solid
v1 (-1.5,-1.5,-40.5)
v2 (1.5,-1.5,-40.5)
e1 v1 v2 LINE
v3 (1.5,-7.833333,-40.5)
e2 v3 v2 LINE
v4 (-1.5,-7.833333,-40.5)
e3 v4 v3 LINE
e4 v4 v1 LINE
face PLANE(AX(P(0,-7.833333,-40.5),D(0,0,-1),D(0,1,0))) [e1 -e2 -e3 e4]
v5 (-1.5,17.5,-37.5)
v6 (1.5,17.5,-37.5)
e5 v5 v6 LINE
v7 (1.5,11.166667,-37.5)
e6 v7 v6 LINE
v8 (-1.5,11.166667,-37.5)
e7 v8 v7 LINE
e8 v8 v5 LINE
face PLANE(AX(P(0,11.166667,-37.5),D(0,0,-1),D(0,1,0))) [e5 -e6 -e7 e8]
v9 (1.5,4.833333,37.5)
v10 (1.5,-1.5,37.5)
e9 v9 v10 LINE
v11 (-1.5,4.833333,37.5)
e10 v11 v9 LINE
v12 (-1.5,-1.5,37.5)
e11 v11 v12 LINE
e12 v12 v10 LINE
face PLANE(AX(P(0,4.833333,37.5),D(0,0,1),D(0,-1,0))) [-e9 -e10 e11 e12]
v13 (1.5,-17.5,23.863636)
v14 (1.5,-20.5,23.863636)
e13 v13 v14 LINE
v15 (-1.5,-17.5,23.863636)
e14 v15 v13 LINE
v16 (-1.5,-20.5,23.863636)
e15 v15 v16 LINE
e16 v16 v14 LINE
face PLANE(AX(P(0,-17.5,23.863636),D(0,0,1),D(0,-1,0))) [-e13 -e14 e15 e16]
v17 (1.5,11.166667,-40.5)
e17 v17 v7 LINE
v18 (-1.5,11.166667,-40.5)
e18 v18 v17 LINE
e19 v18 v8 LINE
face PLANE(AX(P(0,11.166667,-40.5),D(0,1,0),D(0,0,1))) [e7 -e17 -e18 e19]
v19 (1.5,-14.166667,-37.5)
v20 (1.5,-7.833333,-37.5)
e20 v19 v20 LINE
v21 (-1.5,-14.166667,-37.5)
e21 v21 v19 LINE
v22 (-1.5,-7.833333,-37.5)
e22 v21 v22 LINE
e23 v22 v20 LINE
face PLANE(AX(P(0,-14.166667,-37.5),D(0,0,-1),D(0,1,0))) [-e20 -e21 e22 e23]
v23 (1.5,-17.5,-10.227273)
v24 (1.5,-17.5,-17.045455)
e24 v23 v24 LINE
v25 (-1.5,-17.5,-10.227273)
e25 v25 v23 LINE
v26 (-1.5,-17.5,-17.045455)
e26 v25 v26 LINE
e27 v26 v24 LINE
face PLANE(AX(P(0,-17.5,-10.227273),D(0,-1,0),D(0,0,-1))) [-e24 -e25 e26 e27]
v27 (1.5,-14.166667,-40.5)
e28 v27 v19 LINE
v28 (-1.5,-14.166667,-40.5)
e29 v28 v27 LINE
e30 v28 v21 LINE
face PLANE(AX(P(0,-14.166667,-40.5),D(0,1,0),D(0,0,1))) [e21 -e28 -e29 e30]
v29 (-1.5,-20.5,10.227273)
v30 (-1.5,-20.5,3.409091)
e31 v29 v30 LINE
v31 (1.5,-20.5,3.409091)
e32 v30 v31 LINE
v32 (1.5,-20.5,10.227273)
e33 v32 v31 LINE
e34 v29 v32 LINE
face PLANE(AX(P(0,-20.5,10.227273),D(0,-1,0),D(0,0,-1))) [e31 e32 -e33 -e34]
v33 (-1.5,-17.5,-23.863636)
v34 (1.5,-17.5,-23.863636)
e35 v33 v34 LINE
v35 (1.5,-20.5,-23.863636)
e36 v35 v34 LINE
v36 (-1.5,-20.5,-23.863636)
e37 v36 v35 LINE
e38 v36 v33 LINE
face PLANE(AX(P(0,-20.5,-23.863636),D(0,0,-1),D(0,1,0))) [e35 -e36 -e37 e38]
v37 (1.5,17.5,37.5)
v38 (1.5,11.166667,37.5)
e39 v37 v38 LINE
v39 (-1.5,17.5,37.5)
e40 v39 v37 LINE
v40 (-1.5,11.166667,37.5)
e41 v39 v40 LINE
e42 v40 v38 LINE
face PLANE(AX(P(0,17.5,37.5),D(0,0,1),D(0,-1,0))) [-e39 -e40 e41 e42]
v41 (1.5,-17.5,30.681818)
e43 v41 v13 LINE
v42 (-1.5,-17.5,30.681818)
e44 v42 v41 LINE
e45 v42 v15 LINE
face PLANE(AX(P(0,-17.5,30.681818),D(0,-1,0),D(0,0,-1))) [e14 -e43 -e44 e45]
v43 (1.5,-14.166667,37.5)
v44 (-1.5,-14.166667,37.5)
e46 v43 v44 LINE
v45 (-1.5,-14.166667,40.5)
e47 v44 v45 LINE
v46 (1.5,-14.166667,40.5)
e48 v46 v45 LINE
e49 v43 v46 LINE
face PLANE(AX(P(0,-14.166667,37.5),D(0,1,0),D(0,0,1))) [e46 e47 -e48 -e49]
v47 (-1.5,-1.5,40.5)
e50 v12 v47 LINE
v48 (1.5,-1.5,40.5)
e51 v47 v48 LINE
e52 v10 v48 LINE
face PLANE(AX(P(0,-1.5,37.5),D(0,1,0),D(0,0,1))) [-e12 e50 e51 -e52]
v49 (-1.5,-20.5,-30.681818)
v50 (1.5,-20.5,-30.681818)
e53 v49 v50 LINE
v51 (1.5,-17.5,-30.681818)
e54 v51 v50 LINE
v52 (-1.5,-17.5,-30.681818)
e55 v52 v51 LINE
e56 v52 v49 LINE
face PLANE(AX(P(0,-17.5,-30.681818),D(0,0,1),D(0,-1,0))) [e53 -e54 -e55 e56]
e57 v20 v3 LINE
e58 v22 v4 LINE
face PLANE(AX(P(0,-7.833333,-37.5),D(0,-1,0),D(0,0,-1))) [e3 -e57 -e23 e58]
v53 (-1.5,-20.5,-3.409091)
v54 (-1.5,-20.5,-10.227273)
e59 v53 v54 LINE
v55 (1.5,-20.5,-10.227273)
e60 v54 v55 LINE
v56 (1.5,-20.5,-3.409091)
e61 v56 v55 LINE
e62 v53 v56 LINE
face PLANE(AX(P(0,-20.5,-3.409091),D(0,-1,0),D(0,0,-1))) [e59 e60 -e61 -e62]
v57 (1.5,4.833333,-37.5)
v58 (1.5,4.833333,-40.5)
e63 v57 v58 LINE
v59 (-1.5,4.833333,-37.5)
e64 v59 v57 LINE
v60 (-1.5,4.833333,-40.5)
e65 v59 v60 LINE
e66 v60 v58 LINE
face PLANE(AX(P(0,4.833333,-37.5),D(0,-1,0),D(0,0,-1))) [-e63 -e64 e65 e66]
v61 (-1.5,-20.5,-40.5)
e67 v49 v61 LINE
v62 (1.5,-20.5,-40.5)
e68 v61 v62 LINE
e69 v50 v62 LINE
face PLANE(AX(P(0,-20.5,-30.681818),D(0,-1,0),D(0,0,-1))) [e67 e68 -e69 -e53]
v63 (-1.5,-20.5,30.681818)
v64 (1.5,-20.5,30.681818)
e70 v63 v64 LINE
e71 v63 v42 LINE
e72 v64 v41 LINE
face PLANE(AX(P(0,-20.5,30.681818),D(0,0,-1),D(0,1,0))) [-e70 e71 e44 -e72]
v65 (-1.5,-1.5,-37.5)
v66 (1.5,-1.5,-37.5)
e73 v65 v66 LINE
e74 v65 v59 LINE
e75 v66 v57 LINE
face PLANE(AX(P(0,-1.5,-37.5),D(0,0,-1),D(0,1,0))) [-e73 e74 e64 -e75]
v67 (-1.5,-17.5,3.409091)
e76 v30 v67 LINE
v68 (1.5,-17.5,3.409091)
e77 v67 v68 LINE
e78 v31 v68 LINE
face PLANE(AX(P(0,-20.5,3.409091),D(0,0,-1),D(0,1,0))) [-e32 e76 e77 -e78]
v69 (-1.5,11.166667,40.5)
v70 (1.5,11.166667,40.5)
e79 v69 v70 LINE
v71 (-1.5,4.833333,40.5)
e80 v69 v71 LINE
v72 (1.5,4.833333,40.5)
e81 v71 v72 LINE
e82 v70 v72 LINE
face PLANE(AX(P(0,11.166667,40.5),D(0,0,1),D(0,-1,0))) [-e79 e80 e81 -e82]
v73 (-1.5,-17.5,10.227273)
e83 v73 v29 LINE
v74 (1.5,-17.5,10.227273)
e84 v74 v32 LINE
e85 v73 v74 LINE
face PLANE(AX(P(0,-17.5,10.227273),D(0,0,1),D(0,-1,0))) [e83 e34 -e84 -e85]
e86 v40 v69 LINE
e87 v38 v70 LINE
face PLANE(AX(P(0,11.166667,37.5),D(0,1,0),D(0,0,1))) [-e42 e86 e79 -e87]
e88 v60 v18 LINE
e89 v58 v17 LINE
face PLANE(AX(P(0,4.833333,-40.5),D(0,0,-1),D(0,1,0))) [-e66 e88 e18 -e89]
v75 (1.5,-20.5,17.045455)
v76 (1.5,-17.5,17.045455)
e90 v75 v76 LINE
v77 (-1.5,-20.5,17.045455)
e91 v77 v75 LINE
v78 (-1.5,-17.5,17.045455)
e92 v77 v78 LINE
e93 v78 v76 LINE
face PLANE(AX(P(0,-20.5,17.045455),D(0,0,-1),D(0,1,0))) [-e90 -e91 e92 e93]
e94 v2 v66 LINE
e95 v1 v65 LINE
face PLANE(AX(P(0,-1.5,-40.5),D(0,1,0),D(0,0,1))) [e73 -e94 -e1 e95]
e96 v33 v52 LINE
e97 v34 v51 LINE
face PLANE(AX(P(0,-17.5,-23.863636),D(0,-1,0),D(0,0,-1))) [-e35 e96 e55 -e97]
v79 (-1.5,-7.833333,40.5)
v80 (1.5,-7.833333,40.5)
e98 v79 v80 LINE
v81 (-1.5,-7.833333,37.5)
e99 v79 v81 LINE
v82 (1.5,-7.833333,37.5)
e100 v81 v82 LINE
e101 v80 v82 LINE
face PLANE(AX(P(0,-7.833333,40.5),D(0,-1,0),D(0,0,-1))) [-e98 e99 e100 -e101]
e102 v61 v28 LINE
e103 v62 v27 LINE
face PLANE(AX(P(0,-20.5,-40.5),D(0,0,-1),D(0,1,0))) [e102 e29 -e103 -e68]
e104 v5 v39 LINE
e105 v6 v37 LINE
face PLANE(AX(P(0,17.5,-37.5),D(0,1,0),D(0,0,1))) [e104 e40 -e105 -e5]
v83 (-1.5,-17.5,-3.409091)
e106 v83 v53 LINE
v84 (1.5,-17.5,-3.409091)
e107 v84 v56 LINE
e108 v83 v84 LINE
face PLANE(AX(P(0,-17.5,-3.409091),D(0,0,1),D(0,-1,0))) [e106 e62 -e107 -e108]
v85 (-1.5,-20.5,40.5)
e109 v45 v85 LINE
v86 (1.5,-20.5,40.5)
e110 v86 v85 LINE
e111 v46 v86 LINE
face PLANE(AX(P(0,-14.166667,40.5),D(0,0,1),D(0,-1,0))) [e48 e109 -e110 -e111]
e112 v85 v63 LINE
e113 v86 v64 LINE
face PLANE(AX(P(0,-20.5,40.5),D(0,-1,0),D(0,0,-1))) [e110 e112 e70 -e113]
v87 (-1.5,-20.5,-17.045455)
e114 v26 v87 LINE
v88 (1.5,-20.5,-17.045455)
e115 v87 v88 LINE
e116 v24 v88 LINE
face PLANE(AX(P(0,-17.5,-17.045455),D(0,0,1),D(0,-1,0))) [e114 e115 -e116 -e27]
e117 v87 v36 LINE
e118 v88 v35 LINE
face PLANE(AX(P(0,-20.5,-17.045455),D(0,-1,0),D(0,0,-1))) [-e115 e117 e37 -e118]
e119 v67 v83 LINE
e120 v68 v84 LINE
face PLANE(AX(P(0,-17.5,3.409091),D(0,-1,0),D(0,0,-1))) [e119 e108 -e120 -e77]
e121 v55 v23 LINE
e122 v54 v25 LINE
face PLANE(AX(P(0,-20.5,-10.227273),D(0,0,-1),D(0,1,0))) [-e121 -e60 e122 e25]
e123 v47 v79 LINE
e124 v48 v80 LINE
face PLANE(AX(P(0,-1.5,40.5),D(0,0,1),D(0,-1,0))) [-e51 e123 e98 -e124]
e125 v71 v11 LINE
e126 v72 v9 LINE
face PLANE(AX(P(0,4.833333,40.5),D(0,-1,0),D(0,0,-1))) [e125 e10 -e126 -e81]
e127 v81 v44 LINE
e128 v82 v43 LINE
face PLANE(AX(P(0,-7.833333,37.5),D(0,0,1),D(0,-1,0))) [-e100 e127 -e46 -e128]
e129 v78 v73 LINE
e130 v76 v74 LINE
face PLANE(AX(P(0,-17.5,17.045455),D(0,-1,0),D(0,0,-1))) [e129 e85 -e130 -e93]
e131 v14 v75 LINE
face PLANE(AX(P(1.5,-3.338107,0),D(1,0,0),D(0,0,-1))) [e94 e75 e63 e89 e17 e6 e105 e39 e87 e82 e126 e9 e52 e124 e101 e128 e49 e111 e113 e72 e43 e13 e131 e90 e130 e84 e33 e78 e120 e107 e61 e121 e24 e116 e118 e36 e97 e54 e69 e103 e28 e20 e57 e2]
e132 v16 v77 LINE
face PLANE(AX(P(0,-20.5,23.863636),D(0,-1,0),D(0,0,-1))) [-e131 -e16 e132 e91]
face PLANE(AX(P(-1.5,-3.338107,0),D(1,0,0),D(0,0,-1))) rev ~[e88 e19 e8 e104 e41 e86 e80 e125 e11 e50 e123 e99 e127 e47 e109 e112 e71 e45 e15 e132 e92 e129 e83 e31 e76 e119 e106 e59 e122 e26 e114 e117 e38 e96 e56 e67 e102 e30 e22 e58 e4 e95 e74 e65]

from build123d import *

# Parameters (mm, degrees)
ESTRUSIONE_ESTRUSIONE3_DEPTH = 1.5


with BuildPart() as part:
    # Schizzo1 → Estrusione-Estrusione3 (new body, symmetric)
    with BuildSketch(Plane(origin=(0, 0, 0), x_dir=(0, 0, -1), z_dir=(1, 0, 0))):
        Polygon((-40.5, -20.5), (-37.5, -20.5), (-30.681818182, -20.5), (-30.681818182, -17.5), (-23.863636364, -17.5), (-23.863636364, -20.5), (-17.045454545, -20.5), (-17.045454545, -17.5), (-10.227272727, -17.5), (-10.227272727, -20.5), (-3.409090909, -20.5), (-3.409090909, -17.5), (3.409090909, -17.5), (3.409090909, -20.5), (10.227272727, -20.5), (10.227272727, -17.5), (17.045454545, -17.5), (17.045454545, -20.5), (23.863636364, -20.5), (23.863636364, -17.5), (30.681818182, -17.5), (30.681818182, -20.5), (37.5, -20.5), (40.5, -20.5), (40.5, -14.166666667), (37.5, -14.166666667), (37.5, -7.833333333), (40.5, -7.833333333), (40.5, -1.5), (37.5, -1.5), (37.5, 4.833333333), (40.5, 4.833333333), (40.5, 11.166666667), (37.5, 11.166666667), (37.5, 17.5), (-37.5, 17.5), (-37.5, 11.166666667), (-40.5, 11.166666667), (-40.5, 4.833333333), (-37.5, 4.833333333), (-37.5, -1.5), (-40.5, -1.5), (-40.5, -7.833333333), (-37.5, -7.833333333), (-37.5, -14.166666667), (-40.5, -14.166666667), align=None)
    extrude(amount=ESTRUSIONE_ESTRUSIONE3_DEPTH, both=True)


solid = part.part
